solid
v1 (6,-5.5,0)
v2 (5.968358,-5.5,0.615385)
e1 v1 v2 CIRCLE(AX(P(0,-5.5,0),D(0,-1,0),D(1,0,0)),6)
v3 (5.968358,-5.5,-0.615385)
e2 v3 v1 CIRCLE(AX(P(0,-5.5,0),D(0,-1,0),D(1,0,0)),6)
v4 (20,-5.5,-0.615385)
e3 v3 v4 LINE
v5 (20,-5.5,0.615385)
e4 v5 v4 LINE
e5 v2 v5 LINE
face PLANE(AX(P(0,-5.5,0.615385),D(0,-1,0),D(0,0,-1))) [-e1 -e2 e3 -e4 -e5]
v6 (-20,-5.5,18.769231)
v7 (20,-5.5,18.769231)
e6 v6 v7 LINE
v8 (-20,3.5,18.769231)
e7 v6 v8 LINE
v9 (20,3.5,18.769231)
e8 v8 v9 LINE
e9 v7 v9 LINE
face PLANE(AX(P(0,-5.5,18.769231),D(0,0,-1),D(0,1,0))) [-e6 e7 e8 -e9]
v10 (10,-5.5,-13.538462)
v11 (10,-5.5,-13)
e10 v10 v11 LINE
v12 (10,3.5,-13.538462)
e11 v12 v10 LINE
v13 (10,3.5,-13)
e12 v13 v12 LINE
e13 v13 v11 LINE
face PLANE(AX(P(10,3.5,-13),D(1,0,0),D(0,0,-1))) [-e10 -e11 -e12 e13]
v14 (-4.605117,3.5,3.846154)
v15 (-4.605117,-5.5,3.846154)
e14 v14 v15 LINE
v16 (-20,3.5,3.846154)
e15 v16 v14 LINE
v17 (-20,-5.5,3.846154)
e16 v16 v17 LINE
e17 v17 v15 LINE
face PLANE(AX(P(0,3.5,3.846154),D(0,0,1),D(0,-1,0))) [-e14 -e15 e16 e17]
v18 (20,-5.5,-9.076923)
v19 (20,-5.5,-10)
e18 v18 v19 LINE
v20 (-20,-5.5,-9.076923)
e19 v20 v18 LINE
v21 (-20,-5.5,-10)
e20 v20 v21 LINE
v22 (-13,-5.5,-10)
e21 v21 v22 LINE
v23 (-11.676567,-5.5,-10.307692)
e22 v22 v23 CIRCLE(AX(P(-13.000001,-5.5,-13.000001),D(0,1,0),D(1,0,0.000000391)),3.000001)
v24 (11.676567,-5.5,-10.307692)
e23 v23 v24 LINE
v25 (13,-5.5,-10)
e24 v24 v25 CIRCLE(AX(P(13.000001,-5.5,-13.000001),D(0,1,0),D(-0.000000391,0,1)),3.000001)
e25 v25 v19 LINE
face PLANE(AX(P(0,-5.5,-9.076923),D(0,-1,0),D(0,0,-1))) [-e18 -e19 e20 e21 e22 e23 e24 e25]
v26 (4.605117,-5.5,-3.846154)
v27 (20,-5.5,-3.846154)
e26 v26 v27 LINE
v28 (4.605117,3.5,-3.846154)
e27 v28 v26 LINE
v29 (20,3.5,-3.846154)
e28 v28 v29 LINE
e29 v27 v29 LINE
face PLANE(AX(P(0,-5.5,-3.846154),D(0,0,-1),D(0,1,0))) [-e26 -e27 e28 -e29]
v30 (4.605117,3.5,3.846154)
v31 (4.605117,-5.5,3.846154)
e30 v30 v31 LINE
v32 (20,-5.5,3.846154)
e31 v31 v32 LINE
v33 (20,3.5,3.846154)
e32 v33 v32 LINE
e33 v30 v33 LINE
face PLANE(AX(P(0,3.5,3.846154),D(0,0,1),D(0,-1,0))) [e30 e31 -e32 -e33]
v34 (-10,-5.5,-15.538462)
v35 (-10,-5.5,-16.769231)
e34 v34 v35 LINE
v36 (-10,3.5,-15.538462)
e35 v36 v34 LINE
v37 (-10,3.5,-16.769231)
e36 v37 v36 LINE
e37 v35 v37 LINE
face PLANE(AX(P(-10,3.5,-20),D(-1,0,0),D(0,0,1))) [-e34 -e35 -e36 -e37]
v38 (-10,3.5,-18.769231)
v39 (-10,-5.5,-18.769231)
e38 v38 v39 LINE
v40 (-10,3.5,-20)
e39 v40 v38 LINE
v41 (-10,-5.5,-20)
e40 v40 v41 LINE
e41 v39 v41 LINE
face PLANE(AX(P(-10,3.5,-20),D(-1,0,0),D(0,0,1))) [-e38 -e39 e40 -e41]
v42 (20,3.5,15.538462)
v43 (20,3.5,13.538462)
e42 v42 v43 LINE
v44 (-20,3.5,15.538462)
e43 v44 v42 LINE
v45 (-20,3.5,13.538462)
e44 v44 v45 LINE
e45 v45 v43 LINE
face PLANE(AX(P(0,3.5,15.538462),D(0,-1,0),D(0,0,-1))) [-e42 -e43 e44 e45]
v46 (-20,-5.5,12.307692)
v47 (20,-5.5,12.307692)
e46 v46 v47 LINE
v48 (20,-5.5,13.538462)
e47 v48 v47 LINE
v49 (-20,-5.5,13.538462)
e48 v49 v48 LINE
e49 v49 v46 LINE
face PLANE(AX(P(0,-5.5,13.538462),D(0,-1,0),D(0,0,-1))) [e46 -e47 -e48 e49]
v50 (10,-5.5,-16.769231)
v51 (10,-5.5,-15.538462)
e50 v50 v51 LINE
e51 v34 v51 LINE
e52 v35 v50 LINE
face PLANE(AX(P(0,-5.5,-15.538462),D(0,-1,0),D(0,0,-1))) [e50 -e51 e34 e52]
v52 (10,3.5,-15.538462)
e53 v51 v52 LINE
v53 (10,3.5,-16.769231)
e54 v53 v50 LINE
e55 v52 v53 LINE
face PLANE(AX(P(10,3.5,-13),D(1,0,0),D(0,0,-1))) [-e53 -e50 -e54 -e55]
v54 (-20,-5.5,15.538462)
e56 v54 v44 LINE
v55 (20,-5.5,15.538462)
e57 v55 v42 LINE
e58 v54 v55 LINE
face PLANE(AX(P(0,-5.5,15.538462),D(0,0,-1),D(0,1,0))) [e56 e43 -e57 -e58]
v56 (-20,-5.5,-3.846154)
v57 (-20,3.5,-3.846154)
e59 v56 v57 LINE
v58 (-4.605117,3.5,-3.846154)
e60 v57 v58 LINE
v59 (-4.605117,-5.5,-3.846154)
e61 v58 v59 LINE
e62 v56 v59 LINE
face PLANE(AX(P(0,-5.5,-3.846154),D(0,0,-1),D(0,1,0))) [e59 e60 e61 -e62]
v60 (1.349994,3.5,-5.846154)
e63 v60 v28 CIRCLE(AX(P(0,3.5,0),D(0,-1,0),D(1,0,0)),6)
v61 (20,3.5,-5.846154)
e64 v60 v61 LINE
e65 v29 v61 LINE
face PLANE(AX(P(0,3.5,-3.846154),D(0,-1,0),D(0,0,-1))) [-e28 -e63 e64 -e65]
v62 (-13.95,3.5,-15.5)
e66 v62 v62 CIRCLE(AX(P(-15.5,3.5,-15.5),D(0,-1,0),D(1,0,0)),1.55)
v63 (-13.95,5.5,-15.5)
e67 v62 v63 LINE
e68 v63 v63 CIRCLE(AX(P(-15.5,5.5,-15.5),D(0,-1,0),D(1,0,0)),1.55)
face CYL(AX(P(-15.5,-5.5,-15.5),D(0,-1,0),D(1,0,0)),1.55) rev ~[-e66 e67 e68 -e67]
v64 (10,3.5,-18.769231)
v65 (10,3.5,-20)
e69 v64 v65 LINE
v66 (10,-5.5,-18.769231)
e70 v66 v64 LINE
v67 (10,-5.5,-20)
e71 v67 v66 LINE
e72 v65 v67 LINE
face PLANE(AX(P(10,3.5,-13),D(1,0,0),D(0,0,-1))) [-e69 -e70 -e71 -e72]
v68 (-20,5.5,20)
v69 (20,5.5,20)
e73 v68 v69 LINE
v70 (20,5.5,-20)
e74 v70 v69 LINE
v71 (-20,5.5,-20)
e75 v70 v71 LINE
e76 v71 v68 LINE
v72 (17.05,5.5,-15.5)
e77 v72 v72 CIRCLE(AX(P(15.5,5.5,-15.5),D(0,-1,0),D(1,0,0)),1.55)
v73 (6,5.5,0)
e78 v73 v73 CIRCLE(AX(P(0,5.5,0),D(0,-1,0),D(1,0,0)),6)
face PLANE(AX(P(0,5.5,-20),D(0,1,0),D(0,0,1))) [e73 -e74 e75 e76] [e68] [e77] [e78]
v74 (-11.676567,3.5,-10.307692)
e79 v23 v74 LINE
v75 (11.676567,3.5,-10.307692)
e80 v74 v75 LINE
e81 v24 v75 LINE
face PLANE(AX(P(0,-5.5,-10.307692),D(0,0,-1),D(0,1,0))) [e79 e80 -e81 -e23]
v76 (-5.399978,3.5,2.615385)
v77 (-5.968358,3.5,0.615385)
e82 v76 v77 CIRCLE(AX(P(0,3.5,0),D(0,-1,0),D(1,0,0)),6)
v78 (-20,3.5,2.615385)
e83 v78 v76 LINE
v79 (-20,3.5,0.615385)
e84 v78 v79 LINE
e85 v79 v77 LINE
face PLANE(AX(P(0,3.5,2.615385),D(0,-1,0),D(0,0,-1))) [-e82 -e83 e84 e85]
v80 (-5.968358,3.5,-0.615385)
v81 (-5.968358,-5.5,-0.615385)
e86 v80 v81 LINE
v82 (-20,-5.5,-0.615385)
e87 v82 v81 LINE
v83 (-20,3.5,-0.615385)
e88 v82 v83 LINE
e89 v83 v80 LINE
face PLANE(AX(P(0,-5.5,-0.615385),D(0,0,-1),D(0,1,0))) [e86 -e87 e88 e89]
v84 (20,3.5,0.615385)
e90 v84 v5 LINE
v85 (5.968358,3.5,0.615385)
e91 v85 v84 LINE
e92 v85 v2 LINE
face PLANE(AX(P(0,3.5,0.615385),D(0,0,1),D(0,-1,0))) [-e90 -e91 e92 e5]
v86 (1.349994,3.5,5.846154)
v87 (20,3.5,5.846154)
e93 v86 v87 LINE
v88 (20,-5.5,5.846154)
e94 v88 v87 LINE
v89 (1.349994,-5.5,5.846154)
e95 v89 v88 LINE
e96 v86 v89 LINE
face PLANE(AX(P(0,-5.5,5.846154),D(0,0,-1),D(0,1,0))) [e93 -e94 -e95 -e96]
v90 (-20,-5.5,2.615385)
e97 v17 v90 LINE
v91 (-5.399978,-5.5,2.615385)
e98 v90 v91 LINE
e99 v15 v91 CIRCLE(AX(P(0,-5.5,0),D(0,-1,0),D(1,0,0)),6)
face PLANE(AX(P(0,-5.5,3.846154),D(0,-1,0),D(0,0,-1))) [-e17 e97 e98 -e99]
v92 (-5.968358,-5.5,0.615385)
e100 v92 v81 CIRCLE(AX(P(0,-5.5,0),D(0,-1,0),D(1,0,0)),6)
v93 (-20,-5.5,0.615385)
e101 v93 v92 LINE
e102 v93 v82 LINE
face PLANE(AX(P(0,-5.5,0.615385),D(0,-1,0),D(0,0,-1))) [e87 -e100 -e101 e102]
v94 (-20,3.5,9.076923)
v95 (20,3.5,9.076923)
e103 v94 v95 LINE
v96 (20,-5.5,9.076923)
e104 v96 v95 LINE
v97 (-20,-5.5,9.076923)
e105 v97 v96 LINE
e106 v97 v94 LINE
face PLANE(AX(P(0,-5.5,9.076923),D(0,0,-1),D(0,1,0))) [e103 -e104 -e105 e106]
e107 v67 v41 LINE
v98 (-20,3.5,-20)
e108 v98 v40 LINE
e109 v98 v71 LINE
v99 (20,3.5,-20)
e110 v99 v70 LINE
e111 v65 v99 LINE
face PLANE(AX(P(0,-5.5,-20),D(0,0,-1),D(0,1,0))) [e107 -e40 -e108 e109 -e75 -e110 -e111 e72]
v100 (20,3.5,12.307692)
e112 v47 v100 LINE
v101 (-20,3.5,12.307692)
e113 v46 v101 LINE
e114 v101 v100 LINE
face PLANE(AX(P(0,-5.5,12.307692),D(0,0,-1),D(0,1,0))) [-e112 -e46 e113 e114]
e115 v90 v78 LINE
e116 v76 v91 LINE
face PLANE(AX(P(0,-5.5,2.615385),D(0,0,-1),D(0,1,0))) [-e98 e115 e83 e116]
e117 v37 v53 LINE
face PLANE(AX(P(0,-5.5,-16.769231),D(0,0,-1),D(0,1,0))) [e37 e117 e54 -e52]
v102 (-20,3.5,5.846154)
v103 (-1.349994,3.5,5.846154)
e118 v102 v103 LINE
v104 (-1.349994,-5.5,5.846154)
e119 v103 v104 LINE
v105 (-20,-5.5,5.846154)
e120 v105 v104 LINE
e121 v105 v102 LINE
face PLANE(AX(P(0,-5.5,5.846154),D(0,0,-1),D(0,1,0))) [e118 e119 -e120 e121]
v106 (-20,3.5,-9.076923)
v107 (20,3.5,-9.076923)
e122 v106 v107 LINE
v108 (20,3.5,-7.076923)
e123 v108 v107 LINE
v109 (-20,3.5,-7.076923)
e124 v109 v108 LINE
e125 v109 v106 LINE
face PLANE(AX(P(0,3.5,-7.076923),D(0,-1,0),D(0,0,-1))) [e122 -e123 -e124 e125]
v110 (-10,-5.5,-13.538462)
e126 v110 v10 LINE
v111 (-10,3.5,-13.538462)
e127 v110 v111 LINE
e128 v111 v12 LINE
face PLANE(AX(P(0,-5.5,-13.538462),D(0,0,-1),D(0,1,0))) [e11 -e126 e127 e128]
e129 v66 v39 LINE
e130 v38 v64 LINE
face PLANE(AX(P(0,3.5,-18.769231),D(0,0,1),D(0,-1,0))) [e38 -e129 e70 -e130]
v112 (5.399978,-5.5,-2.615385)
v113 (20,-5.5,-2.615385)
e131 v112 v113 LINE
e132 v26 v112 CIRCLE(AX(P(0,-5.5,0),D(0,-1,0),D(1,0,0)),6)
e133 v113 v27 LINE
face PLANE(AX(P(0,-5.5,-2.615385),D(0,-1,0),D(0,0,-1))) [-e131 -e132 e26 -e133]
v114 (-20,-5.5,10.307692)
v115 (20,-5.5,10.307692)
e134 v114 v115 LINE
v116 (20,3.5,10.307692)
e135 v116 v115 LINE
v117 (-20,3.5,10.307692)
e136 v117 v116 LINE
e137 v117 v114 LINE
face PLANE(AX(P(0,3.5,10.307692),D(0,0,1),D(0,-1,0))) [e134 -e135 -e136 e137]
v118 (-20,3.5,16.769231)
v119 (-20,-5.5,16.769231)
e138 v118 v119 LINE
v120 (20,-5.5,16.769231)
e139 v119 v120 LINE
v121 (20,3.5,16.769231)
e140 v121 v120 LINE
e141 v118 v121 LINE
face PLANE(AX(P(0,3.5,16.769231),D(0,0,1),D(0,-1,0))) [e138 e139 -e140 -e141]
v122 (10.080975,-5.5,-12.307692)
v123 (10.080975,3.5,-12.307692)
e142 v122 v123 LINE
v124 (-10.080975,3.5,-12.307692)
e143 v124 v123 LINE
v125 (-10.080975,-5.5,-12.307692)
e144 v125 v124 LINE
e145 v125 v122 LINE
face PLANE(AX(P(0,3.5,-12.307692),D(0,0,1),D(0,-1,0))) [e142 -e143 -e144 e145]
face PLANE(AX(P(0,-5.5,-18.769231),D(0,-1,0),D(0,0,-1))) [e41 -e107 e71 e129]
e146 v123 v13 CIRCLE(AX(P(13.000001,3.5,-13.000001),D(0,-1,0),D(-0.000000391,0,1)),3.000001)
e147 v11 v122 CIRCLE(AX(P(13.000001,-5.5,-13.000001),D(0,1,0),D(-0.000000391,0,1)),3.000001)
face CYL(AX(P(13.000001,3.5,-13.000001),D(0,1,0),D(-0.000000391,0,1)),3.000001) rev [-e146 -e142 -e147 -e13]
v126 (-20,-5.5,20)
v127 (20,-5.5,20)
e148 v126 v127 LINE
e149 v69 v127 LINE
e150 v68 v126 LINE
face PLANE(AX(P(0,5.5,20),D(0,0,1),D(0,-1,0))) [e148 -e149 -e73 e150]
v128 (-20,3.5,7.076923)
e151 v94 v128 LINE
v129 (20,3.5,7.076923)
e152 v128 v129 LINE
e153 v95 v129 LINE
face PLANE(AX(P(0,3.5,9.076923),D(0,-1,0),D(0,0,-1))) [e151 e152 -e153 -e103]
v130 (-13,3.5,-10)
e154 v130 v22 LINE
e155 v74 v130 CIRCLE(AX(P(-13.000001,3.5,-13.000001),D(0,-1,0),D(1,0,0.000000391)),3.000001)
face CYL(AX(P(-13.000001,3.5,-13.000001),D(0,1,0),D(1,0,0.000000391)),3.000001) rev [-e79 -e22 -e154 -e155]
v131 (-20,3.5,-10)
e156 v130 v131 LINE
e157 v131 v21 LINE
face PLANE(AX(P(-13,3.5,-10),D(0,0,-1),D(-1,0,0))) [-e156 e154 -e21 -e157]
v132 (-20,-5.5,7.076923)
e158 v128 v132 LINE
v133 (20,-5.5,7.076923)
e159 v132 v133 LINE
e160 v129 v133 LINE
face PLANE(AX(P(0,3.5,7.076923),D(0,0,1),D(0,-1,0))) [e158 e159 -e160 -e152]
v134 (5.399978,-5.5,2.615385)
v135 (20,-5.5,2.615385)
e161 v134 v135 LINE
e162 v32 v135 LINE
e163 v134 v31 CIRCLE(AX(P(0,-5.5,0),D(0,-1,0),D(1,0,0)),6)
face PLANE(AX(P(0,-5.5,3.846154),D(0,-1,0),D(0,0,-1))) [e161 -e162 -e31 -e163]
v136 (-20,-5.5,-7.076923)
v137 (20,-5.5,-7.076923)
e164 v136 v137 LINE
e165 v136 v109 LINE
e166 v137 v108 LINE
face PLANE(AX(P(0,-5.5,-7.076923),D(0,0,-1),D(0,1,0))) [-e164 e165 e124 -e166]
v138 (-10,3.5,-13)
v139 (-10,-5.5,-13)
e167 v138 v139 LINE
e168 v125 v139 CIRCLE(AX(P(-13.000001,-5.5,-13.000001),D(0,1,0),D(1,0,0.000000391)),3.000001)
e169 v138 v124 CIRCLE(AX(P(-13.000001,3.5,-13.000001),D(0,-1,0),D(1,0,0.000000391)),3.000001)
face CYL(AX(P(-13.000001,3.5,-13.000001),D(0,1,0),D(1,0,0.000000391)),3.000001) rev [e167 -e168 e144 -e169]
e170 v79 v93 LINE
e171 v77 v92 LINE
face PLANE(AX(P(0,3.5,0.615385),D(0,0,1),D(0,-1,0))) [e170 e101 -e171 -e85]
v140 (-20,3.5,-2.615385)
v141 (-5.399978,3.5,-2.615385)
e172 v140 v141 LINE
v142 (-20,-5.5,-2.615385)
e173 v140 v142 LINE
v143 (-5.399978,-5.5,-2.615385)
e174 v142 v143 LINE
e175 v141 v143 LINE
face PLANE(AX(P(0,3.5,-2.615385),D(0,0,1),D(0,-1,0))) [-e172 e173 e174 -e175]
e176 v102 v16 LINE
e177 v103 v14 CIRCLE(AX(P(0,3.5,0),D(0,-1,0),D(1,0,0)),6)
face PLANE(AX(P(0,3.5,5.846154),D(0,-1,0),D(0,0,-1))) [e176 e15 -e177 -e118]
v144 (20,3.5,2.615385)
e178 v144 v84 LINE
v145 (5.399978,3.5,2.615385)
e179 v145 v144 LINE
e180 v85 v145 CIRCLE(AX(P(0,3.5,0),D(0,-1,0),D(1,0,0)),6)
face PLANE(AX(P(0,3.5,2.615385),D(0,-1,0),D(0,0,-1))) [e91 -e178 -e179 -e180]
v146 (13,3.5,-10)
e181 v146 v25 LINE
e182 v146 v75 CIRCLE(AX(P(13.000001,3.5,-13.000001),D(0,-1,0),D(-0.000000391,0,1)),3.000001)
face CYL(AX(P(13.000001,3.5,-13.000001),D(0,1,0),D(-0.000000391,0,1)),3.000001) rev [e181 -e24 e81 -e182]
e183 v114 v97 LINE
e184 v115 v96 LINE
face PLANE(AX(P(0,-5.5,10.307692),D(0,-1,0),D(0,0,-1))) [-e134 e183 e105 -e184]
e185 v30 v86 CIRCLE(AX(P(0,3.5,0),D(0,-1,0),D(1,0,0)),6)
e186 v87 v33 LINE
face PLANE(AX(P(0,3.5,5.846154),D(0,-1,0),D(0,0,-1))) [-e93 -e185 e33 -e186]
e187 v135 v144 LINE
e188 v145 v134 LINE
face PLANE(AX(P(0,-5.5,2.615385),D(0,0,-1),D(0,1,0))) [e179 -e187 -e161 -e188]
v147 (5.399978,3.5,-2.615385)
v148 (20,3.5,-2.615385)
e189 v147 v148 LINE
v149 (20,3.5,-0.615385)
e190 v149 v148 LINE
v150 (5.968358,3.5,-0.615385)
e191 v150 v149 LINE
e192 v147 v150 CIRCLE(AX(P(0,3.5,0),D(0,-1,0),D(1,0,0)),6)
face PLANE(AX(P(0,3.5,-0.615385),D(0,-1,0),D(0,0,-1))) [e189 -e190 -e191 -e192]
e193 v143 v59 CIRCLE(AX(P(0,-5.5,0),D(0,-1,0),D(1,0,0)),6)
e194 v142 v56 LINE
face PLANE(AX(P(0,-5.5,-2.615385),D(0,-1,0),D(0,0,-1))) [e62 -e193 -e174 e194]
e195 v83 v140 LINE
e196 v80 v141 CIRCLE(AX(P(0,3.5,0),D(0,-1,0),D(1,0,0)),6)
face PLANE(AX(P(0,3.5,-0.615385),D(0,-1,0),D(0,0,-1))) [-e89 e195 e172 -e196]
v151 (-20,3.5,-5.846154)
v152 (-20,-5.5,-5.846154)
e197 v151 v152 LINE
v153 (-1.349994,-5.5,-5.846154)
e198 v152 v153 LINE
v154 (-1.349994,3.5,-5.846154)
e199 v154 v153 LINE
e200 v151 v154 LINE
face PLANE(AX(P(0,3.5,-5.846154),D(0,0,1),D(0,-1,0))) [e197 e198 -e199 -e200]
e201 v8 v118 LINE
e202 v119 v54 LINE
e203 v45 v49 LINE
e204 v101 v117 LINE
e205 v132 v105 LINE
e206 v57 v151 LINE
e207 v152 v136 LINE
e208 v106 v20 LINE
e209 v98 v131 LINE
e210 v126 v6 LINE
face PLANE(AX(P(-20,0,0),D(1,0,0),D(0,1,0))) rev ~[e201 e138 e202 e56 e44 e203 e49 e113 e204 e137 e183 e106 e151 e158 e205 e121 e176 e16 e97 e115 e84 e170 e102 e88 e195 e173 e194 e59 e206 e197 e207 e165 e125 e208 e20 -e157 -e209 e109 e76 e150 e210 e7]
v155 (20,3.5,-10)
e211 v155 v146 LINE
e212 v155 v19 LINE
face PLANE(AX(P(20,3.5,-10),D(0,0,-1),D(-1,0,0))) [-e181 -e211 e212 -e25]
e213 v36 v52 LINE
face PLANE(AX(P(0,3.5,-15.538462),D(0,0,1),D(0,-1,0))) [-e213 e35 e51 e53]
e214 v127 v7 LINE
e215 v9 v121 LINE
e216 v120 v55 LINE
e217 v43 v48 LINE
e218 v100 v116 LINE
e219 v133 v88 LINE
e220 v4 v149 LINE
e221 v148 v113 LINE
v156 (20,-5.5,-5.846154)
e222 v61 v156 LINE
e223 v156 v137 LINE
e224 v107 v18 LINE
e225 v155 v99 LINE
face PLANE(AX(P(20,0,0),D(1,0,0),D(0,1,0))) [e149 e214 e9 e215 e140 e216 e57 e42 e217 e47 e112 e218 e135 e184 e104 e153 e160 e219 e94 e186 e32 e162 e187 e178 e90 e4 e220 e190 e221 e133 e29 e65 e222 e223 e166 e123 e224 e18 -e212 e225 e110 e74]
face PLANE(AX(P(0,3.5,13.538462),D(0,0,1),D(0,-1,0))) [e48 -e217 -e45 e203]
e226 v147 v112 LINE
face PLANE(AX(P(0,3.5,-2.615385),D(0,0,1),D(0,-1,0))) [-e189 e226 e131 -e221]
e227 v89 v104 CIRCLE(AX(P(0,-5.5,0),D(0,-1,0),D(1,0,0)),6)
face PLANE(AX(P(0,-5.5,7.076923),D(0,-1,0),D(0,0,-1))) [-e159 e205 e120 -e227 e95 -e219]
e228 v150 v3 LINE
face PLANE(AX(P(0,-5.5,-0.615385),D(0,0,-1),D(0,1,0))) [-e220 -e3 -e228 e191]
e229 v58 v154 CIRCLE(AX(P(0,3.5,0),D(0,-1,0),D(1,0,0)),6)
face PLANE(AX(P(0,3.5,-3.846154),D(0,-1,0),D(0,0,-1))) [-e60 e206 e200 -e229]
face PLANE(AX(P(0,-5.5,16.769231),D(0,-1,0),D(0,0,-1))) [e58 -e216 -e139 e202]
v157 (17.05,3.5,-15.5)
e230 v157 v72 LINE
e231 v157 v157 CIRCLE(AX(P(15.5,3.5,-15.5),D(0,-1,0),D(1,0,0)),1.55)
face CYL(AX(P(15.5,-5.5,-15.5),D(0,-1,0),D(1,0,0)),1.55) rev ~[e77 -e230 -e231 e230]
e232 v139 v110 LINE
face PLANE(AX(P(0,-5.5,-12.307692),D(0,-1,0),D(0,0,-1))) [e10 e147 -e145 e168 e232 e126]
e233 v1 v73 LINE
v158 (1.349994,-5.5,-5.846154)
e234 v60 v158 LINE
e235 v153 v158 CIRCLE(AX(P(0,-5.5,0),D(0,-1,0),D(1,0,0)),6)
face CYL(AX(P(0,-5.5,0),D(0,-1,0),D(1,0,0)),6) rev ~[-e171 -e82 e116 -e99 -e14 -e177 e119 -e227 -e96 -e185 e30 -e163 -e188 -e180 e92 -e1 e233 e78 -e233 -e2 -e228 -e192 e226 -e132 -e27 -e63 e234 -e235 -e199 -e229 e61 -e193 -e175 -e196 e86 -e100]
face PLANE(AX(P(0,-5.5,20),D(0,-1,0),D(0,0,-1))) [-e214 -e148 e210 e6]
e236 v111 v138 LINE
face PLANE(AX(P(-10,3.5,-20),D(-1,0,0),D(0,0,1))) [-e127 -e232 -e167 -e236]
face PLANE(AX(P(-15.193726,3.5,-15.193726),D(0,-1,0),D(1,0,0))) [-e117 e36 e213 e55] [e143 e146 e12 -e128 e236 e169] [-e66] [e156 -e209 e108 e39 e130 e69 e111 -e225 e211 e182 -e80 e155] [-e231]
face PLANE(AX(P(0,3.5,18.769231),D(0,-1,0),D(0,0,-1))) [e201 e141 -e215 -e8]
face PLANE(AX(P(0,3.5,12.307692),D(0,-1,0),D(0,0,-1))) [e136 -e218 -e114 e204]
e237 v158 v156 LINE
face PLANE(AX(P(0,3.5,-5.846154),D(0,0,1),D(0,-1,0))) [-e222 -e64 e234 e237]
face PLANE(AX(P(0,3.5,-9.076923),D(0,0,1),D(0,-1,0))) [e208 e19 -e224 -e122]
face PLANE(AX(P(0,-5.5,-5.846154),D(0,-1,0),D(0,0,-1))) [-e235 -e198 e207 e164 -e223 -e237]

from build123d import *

# Parameters (mm, degrees)
F1_DEPTH = 20
F2_R     = 6
F2_R_2   = 1.55
F3_DEPTH = 25
F5_DEPTH = 25


with BuildPart() as f1:
    # F0 (on Right) → F1 (new body, symmetric)
    with BuildSketch(Plane.YZ):
        Polygon((5.5, -20), (5.5, 20), (-5.5, 20), (-5.5, 18.769231), (3.5, 18.769231), (3.5, 16.769231), (-5.5, 16.769231), (-5.5, 15.538462), (3.5, 15.538462), (3.5, 13.538462), (-5.5, 13.538462), (-5.5, 12.307692), (3.5, 12.307692), (3.5, 10.307692), (-5.5, 10.307692), (-5.5, 9.076923), (3.5, 9.076923), (3.5, 7.076923), (-5.5, 7.076923), (-5.5, 5.846154), (3.5, 5.846154), (3.5, 3.846154), (-5.5, 3.846154), (-5.5, 2.615385), (3.5, 2.615385), (3.5, 0.615385), (-5.5, 0.615385), (-5.5, -0.615385), (3.5, -0.615385), (3.5, -2.615385), (-5.5, -2.615385), (-5.5, -3.846154), (3.5, -3.846154), (3.5, -5.846154), (-5.5, -5.846154), (-5.5, -7.076923), (3.5, -7.076923), (3.5, -9.076923), (-5.5, -9.076923), (-5.5, -10.307692), (3.5, -10.307692), (3.5, -12.307692), (-5.5, -12.307692), (-5.5, -13.538462), (3.5, -13.538462), (3.5, -15.538462), (-5.5, -15.538462), (-5.5, -16.769231), (3.5, -16.769231), (3.5, -18.769231), (-5.5, -18.769231), (-5.5, -20), align=None)
    extrude(amount=F1_DEPTH, both=True)

    # F2 (on face) → F3 (cut)
    with BuildSketch(Plane.XZ.offset(5.5)):
        Circle(F2_R)
        with Locations((-15.5, -15.5)):
            Circle(F2_R_2)
        with Locations((15.5, -15.5)):
            Circle(F2_R_2)
    extrude(amount=-F3_DEPTH, mode=Mode.SUBTRACT)

    # F4 (on face) → F5 (cut)
    with BuildSketch(Plane.XZ.offset(-3.5)):
        with BuildLine():
            Line((-20, -10), (-20, -20))
            Line((-20, -20), (-10, -20))
            Line((-10, -20), (-10, -13))
            ThreePointArc((-10, -13), (-10.87868, -10.87868), (-13, -10))
            Line((-13, -10), (-20, -10))
        make_face()
        with BuildLine():
            Line((10, -13), (10, -20))
            Line((10, -20), (20, -20))
            Line((20, -20), (20, -10))
            Line((20, -10), (13, -10))
            ThreePointArc((13, -10), (10.87868, -10.87868), (10, -13))
        make_face()
    extrude(amount=F5_DEPTH, mode=Mode.SUBTRACT)


solid = f1.part
